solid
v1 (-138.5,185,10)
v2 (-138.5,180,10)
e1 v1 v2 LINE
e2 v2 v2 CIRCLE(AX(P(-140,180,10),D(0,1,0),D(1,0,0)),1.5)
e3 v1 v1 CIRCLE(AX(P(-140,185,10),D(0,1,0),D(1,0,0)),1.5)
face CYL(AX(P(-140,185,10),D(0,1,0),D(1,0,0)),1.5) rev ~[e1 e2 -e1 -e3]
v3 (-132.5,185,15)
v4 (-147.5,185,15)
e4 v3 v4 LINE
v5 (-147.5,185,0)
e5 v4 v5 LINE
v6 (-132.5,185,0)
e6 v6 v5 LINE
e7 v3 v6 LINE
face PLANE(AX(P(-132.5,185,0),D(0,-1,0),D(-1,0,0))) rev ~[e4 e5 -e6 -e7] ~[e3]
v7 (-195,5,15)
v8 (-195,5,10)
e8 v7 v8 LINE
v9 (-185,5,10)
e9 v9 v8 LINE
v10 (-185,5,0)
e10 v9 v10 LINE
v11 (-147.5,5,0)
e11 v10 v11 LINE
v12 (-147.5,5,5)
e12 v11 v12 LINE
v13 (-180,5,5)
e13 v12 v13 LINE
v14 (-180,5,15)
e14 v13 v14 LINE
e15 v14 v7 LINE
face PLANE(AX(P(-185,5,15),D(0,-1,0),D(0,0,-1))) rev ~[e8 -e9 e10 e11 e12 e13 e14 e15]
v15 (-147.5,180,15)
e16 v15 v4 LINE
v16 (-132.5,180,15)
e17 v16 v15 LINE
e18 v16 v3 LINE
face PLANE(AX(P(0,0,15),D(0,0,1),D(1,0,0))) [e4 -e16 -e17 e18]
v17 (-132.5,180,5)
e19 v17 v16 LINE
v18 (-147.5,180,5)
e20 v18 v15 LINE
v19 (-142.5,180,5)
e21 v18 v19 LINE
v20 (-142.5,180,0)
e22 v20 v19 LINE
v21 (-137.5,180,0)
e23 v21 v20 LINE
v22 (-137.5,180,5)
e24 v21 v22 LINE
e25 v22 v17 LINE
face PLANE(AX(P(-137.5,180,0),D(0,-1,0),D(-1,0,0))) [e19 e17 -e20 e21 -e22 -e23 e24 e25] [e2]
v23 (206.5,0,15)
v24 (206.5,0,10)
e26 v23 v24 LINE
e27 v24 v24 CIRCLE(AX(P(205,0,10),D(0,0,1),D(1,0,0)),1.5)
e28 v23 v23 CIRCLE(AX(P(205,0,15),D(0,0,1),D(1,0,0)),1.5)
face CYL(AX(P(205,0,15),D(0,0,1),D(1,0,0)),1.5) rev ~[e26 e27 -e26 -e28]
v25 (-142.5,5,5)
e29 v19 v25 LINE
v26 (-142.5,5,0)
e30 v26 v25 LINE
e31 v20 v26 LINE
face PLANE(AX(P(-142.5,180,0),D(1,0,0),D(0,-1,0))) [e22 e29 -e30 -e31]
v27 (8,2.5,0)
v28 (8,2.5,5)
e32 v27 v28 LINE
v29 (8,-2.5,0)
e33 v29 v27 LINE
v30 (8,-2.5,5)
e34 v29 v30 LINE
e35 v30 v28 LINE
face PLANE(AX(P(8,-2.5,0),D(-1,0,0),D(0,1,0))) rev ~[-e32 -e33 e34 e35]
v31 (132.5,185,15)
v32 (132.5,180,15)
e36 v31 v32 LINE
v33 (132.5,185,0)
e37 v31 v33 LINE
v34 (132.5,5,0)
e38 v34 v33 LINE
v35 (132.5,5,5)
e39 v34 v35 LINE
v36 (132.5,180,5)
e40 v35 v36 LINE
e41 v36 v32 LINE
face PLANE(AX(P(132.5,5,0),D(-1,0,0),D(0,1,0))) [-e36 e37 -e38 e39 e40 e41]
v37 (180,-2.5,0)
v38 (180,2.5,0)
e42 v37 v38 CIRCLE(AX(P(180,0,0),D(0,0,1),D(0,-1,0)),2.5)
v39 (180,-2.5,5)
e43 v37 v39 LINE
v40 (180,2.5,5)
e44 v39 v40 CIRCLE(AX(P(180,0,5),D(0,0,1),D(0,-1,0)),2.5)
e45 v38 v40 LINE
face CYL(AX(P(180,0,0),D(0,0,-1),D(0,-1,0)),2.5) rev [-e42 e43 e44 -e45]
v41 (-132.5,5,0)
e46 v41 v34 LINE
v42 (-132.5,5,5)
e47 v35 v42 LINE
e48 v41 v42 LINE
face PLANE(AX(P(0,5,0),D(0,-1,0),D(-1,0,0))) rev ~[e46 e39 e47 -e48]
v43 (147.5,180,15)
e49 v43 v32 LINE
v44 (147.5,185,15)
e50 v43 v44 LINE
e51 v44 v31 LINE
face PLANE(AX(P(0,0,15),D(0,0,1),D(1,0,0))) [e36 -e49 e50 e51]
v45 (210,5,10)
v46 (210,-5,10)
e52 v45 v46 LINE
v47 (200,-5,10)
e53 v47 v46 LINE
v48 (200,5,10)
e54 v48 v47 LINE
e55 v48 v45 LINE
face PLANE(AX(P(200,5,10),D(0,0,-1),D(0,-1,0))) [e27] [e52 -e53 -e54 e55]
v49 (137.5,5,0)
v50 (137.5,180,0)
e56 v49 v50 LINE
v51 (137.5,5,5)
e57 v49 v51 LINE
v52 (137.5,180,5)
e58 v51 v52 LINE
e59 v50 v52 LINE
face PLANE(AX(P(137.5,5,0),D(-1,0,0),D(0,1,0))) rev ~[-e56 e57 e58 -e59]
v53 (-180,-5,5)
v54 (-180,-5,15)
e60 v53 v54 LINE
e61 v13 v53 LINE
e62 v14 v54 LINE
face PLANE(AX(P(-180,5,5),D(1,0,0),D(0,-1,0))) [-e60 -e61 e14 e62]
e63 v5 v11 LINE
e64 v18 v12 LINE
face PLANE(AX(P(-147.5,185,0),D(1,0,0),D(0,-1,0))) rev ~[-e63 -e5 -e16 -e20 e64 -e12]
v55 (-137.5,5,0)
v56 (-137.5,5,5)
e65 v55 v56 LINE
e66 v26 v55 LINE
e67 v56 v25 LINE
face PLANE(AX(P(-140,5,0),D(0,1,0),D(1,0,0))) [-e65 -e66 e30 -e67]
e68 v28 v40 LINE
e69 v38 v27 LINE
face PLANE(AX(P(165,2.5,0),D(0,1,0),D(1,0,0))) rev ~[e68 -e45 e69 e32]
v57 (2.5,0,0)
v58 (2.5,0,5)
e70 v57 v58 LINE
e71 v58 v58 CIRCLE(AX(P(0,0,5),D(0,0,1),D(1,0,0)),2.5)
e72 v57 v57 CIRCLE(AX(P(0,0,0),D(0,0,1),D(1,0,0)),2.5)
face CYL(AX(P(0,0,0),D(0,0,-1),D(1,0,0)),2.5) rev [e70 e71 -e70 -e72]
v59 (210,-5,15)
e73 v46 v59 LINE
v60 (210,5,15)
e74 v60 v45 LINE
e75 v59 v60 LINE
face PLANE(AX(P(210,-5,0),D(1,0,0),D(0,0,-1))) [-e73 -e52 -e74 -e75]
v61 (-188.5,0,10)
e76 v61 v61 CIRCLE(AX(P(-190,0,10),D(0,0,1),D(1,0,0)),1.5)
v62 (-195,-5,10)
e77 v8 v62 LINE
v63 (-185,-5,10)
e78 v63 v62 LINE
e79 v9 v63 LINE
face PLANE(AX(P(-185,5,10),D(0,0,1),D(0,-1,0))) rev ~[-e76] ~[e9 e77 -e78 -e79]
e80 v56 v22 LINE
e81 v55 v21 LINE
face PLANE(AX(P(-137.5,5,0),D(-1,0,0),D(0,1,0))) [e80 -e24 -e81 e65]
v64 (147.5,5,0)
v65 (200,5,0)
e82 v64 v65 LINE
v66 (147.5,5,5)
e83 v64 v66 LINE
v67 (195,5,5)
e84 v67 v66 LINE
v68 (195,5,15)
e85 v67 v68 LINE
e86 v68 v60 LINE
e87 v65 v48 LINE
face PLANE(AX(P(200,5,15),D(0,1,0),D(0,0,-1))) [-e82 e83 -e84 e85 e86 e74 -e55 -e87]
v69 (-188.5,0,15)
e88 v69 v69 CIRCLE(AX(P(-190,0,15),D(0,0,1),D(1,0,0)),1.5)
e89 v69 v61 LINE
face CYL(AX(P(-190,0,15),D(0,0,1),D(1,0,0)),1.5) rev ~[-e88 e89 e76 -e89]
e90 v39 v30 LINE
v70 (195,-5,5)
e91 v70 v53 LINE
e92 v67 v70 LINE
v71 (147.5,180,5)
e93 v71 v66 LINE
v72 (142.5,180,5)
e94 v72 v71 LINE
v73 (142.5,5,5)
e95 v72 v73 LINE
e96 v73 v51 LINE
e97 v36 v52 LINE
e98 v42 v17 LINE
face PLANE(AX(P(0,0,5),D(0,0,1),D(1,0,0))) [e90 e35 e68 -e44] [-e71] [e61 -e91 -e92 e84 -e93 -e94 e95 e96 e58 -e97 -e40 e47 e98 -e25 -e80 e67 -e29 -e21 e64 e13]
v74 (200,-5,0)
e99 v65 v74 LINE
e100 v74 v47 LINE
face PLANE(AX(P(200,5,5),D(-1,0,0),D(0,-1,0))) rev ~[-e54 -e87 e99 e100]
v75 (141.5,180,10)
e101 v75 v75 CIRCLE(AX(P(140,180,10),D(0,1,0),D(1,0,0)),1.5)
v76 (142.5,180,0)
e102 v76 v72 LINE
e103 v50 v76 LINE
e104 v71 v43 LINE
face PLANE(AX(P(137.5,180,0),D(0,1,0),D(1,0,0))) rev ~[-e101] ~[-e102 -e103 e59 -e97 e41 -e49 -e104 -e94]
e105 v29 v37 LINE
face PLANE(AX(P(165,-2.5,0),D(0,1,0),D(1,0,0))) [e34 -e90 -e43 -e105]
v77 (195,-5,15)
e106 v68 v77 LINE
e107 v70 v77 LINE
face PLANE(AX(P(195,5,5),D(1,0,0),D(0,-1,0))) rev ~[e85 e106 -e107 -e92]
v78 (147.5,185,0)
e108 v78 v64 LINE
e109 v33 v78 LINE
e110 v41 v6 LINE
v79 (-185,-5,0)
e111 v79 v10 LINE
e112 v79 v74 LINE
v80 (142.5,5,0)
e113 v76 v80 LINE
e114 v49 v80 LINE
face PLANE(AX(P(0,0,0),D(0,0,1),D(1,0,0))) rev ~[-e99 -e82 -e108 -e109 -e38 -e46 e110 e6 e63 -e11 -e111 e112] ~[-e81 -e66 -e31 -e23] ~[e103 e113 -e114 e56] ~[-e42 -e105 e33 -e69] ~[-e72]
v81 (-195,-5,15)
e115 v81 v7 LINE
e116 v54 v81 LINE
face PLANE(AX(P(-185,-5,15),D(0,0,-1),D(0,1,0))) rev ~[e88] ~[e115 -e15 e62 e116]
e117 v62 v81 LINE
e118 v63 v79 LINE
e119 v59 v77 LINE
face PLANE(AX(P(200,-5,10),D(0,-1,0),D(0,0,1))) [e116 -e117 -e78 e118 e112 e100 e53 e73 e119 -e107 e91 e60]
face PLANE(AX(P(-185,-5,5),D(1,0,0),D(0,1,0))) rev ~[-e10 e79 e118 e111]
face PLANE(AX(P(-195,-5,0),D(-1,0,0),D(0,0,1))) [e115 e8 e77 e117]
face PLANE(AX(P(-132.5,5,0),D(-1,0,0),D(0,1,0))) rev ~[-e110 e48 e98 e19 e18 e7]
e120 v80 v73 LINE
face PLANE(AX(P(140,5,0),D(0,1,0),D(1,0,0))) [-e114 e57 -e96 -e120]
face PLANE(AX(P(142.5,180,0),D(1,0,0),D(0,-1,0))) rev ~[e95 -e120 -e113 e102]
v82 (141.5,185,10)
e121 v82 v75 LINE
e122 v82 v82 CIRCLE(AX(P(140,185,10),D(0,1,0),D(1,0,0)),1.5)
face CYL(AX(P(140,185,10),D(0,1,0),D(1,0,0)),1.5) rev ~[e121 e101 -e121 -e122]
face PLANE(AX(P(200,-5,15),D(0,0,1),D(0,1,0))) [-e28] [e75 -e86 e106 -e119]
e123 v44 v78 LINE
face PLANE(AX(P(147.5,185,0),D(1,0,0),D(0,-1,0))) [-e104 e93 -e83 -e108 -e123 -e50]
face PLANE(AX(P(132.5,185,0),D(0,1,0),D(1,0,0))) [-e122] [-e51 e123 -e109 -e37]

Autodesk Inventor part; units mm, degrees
ref_plane "YZ Plane" through (0, 0, 0) normal (1, 0, 0) x (0, 1, 0)
ref_plane "XZ Plane" through (0, 0, 0) normal (0, 1, 0) x (-1, 0, 0)
ref_plane "XY Plane" through (0, 0, 0) normal (0, 0, 1) x (1, 0, 0)
sketch "Boceto1" plane through (0, 0, 0) normal (0, 0, 1) x (1, 0, 0)
  line L0 (5, -5) -> (165, -5)
  line L1 (165, -2.5) -> (8, -2.5)
  line L2 (8, -2.5) -> (8, 2.5)
  line L3 (8, 2.5) -> (165, 2.5)
  line L4 (140, 5) -> (142.5, 5)
  line L5 (142.5, 5) -> (137.5, 5)
  line L6 (137.5, 5) -> (137.5, 180)
  line L7 (142.5, 180) -> (142.5, 5)
  line L8 (132.5, 185) -> (147.5, 185)
  line L9 (147.5, 185) -> (147.5, 5)
  line L10 (142.5, 5) -> (137.5, 5)
  line L11 (132.5, 5) -> (132.5, 185)
  line L12 (137.5, 180) -> (142.5, 180)
  line L13 (147.5, 5) -> (165, 5)
  line L14 (0, 5) -> (132.5, 5)
  line L15 (137.5, 5) -> (142.5, 5)
  arc A0 (-165, 5) -> (-165, -5) centre (-165, 0) ccw
  line L16 (5, -5) -> (-165, -5)
  line L17 (-140, 5) -> (-142.5, 5)
  line L18 (-142.5, 5) -> (-137.5, 5)
  line L19 (-137.5, 5) -> (-137.5, 180)
  line L20 (-142.5, 180) -> (-142.5, 5)
  line L21 (-132.5, 185) -> (-147.5, 185)
  line L22 (-147.5, 185) -> (-147.5, 5)
  line L23 (-142.5, 5) -> (-137.5, 5)
  line L24 (-132.5, 5) -> (-132.5, 185)
  line L25 (-137.5, 180) -> (-142.5, 180)
  line L26 (-147.5, 5) -> (-165, 5)
  line L27 (0, 5) -> (-132.5, 5)
  line L28 (-137.5, 5) -> (-142.5, 5)
  line L29 (0, 0) -> (-5, 0) construction
  circle A1 centre (0, 0) radius 2.5
  arc A2 (180, -2.5) -> (180, 2.5) centre (180, 0) ccw
  line L30 (180, 5) -> (165, 5)
  line L31 (165, 2.5) -> (180, 2.5)
  line L32 (165, -2.5) -> (180, -2.5)
  line L33 (165, -5) -> (180, -5)
  arc A3 (180, -5) -> (180, 5) centre (180, 0) ccw
  dimension "d13" = 15
  dimension "d17" = 180
  dimension "d18" = 175
  dimension "d31" = 10
  dimension "d36" = 5
  dimension "d40" = 5
extrude "Extrusión1" add sketch "Boceto1" along normal blind 5
sketch "Sketch4" plane through (0, 0, 5) normal (0, 0, 1) x (1, 0, 0)
  line L0 (-132.5, 185) -> (-147.5, 185) projected
  line L1 (-132.5, 5) -> (-132.5, 185) projected
  line L2 (-147.5, 185) -> (-132.5, 185)
  line L3 (-132.5, 185) -> (-132.5, 180)
  line L4 (-132.5, 180) -> (-147.5, 180)
  line L5 (-147.5, 180) -> (-147.5, 185)
  line L6 (180, 5) -> (147.5, 5) projected
  line L7 (147.5, 5) -> (147.5, 185) projected
  line L8 (147.5, 185) -> (132.5, 185) projected
  line L9 (132.5, 185) -> (132.5, 5) projected
  line L10 (132.5, 5) -> (-132.5, 5) projected
  line L11 (-132.5, 5) -> (-132.5, 185) projected
  line L12 (-132.5, 185) -> (-147.5, 185) projected
  line L13 (-147.5, 185) -> (-147.5, 5) projected
  line L14 (-147.5, 5) -> (-165, 5) projected
  arc A0 (-165, 5) -> (-165, -5) centre (-165, 0) ccw projected
  line L15 (-165, -5) -> (180, -5) projected
  line L16 (-142.5, 5) -> (-142.5, 180) projected
  line L17 (-142.5, 180) -> (-137.5, 180) projected
  line L18 (-137.5, 180) -> (-137.5, 5) projected
  line L19 (-137.5, 5) -> (-142.5, 5) projected
  line L20 (142.5, 180) -> (142.5, 5) projected
  line L21 (142.5, 5) -> (137.5, 5) projected
  line L22 (137.5, 5) -> (137.5, 180) projected
  line L23 (137.5, 180) -> (142.5, 180) projected
  line L24 (132.5, 185) -> (147.5, 185)
  line L25 (147.5, 185) -> (147.5, 180)
  line L26 (147.5, 180) -> (132.5, 180)
  line L27 (132.5, 180) -> (132.5, 185)
  arc A1 (180, -5) -> (180, 5) centre (180, 0) ccw projected
  point P0 (0, 0)
  dimension "d26" = 5
extrude "Extrusion3" add sketch "Sketch4" along normal blind 10 contours L1 L4 L5 L0 | L9 L8 L7 L26 L23
sketch "Sketch5" plane through (0, 0, 5) normal (0, 0, 1) x (1, 0, 0)
  line L0 (180, -2.5) -> (8, -2.5) projected
  line L1 (8, -2.5) -> (8, 2.5) projected
  line L2 (8, 2.5) -> (180, 2.5) projected
  arc A0 (180, -2.5) -> (180, 2.5) centre (180, 0) ccw projected
  circle A1 centre (0, 0) radius 2.5 projected
  line L3 (147.5, 180) -> (142.5, 180) projected
  line L4 (142.5, 180) -> (142.5, 5) projected
  line L5 (142.5, 5) -> (137.5, 5) projected
  line L6 (137.5, 5) -> (137.5, 180) projected
  line L7 (137.5, 180) -> (132.5, 180) projected
  line L8 (132.5, 180) -> (132.5, 5) projected
  line L9 (132.5, 5) -> (-132.5, 5) projected
  line L10 (-132.5, 5) -> (-132.5, 180) projected
  line L11 (-132.5, 180) -> (-137.5, 180) projected
  line L12 (-137.5, 180) -> (-137.5, 5) projected
  line L13 (-137.5, 5) -> (-142.5, 5) projected
  line L14 (-142.5, 5) -> (-142.5, 180) projected
  line L15 (-142.5, 180) -> (-147.5, 180) projected
  line L16 (-147.5, 180) -> (-147.5, 5) projected
  line L17 (-147.5, 5) -> (-165, 5) projected
  arc A2 (-165, 5) -> (-165, -5) centre (-165, 0) ccw projected
  line L18 (-165, -5) -> (180, -5) projected
  arc A3 (180, -5) -> (180, 5) centre (180, 0) ccw projected
  line L19 (180, 5) -> (147.5, 5) projected
  line L20 (147.5, 5) -> (147.5, 180) projected
  arc A4 (-165, 5) -> (-165, -5) centre (-165, 0) ccw projected
  line L21 (-165, -5) -> (-185, -5)
  line L22 (-185, -5) -> (-185, 5)
  line L23 (-185, 5) -> (-165, 5)
  line L24 (-165, 5) -> (-165, -5)
  arc A5 (180, -5) -> (180, 5) centre (180, 0) ccw projected
  line L25 (180, 5) -> (200, 5)
  line L26 (200, 5) -> (200, -5)
  line L27 (200, -5) -> (180, -5)
  dimension "d42" = 20
  dimension "d45" = 20
extrude "Extrusion4" add sketch "Sketch5" against normal up to surface (5 mm away) contours L25 L26 L27 A3 | L21 L22 L23 A2 | A2 L24
sketch "Sketch6" plane through (0, 0, 5) normal (0, 0, 1) x (1, 0, 0)
  line L0 (-147.5, 180) -> (-132.5, 180) projected
  line L1 (-132.5, 180) -> (-132.5, 185) projected
  line L2 (-132.5, 185) -> (-147.5, 185) projected
  line L3 (-147.5, 185) -> (-147.5, 180) projected
  line L4 (-147.5, 5) -> (-185, 5) projected
  line L5 (200, -5) -> (-185, -5) projected
  line L6 (-185, 5) -> (-180, 5)
  line L7 (-180, 5) -> (-180, -5)
  line L8 (-180, -5) -> (-185, -5)
  line L9 (-185, -5) -> (-185, 5)
  line L10 (200, -5) -> (200, 5) projected
  line L11 (200, 5) -> (195, 5)
  line L12 (195, 5) -> (195, -5)
  line L13 (195, -5) -> (200, -5)
  line L14 (200, -5) -> (200, 5)
  point P0 (0, 0)
  dimension "d46" = 15
  dimension "d47" = 5
  dimension "d48" = 5
  dimension "d49" = 5
  dimension "d50" = 10
extrude "Extrusion5" add sketch "Sketch6" along normal up to surface (10 mm away) contours L7 L5 L9 L4 | L12 L11 L10 L5
sketch "Sketch7" plane through (-185, -5, 0) normal (-1, 0, 0) x (0, 0, 1)
  line L0 (15, 0) -> (15, 10) projected
  line L1 (0, 0) -> (15, 0) projected
  line L2 (15, 10) -> (10, 10)
  line L3 (10, 10) -> (10, 0)
  line L4 (10, 0) -> (15, 0)
  line L5 (15, 0) -> (15, 10)
  point P0 (0, 5)
  dimension "d53" = 5
extrude "Extrusion6" add sketch "Sketch7" along normal blind 10
sketch "Sketch8" plane through (200, -5, 0) normal (1, 0, 0) x (0, 0, -1)
  line L0 (-10, 10) -> (-10, 0) projected
  line L1 (-10, 0) -> (-15, 0) projected
  line L2 (-15, 0) -> (-15, 10) projected
  line L3 (-15, 10) -> (-10, 10) projected
  point P0 (0, 5)
extrude "Extrusion7" add sketch "Sketch8" along normal blind 10
sketch "Sketch9" plane through (-180, -5, 15) normal (0, 0, 1) x (1, 0, 0)
  line L0 (32.5, 10) -> (-5, 10) projected
  line L1 (0, 0) -> (375, 0) projected
  line L2 (-5, 0) -> (-5, 10) projected
  line L3 (0, 0) -> (-15, 0) projected
  line L4 (0, 10) -> (0, 0) projected
  line L5 (0, 10) -> (-15, 10) projected
  line L6 (-15, 0) -> (-15, 10) projected
  line L7 (-15, 10) -> (-5, 10) construction
  line L8 (-5, 10) -> (-5, 0) construction
  line L9 (-5, 0) -> (-15, 0) construction
  line L10 (-15, 0) -> (-15, 10) construction
  circle A0 centre (-10, 5) radius 1.5
  line L11 (375, 10) -> (390, 10) projected
  line L12 (375, 0) -> (375, 10) projected
  line L13 (375, 0) -> (390, 0) projected
  line L14 (390, 10) -> (390, 0) projected
  line L15 (380, 10) -> (380, 0) projected
  line L16 (327.5, 10) -> (380, 10) construction
  line L17 (375, 0) -> (390, 0) construction
  line L18 (380, 10) -> (390, 10) construction
  line L19 (390, 10) -> (390, 0) construction
  line L20 (390, 0) -> (380, 0) construction
  line L21 (380, 0) -> (380, 10) construction
  circle A1 centre (385, 5) radius 1.5
  point P0 (180, 5)
  dimension "d58" = 3
  dimension "d61" = 3
extrude "Extrusion8" cut sketch "Sketch9" against normal blind 10 contours A0 | A1
sketch "Sketch10" plane through (-147.5, 185, 0) normal (0, 1, 0) x (1, 0, 0)
  line L0 (342.5, -5) -> (295, -5) projected
  line L1 (295, -5) -> (290, -5) projected
  line L2 (290, -5) -> (285, -5) projected
  line L3 (285, -5) -> (280, -5) projected
  line L4 (280, -5) -> (15, -5) projected
  line L5 (15, -5) -> (10, -5) projected
  line L6 (10, -5) -> (5, -5) projected
  line L7 (5, -5) -> (0, -5) projected
  line L8 (0, -5) -> (-32.5, -5) projected
  line L9 (-32.5, -5) -> (342.5, -5) projected
  line L10 (150, -5) -> (145, -5) projected
  line L11 (327.5, -5) -> (155.5, -5) projected
  line L12 (155.5, -5) -> (327.5, -5) projected
  line L13 (327.5, -5) -> (327.5, -5) projected
  line L14 (15, 0) -> (15, -15) construction
  line L15 (0, -5) -> (15, -5) construction
  line L16 (15, -5) -> (15, -15) construction
  line L17 (15, -15) -> (0, -15) construction
  line L18 (0, -15) -> (0, -5) construction
  line L19 (295, 0) -> (295, -15) construction
  line L20 (295, -15) -> (280, -15) construction
  line L21 (280, -15) -> (280, -5) construction
  line L22 (280, -5) -> (295, -5) construction
  line L23 (295, -5) -> (295, -15) construction
  circle A0 centre (7.5, -10) radius 1.5
  circle A1 centre (287.5, -10) radius 1.5
  point P0 (147.5, 0)
  dimension "d62" = 3
  dimension "d63" = 3
extrude "Extrusion9" cut sketch "Sketch10" against normal blind 10
properties part number "Bancada"
